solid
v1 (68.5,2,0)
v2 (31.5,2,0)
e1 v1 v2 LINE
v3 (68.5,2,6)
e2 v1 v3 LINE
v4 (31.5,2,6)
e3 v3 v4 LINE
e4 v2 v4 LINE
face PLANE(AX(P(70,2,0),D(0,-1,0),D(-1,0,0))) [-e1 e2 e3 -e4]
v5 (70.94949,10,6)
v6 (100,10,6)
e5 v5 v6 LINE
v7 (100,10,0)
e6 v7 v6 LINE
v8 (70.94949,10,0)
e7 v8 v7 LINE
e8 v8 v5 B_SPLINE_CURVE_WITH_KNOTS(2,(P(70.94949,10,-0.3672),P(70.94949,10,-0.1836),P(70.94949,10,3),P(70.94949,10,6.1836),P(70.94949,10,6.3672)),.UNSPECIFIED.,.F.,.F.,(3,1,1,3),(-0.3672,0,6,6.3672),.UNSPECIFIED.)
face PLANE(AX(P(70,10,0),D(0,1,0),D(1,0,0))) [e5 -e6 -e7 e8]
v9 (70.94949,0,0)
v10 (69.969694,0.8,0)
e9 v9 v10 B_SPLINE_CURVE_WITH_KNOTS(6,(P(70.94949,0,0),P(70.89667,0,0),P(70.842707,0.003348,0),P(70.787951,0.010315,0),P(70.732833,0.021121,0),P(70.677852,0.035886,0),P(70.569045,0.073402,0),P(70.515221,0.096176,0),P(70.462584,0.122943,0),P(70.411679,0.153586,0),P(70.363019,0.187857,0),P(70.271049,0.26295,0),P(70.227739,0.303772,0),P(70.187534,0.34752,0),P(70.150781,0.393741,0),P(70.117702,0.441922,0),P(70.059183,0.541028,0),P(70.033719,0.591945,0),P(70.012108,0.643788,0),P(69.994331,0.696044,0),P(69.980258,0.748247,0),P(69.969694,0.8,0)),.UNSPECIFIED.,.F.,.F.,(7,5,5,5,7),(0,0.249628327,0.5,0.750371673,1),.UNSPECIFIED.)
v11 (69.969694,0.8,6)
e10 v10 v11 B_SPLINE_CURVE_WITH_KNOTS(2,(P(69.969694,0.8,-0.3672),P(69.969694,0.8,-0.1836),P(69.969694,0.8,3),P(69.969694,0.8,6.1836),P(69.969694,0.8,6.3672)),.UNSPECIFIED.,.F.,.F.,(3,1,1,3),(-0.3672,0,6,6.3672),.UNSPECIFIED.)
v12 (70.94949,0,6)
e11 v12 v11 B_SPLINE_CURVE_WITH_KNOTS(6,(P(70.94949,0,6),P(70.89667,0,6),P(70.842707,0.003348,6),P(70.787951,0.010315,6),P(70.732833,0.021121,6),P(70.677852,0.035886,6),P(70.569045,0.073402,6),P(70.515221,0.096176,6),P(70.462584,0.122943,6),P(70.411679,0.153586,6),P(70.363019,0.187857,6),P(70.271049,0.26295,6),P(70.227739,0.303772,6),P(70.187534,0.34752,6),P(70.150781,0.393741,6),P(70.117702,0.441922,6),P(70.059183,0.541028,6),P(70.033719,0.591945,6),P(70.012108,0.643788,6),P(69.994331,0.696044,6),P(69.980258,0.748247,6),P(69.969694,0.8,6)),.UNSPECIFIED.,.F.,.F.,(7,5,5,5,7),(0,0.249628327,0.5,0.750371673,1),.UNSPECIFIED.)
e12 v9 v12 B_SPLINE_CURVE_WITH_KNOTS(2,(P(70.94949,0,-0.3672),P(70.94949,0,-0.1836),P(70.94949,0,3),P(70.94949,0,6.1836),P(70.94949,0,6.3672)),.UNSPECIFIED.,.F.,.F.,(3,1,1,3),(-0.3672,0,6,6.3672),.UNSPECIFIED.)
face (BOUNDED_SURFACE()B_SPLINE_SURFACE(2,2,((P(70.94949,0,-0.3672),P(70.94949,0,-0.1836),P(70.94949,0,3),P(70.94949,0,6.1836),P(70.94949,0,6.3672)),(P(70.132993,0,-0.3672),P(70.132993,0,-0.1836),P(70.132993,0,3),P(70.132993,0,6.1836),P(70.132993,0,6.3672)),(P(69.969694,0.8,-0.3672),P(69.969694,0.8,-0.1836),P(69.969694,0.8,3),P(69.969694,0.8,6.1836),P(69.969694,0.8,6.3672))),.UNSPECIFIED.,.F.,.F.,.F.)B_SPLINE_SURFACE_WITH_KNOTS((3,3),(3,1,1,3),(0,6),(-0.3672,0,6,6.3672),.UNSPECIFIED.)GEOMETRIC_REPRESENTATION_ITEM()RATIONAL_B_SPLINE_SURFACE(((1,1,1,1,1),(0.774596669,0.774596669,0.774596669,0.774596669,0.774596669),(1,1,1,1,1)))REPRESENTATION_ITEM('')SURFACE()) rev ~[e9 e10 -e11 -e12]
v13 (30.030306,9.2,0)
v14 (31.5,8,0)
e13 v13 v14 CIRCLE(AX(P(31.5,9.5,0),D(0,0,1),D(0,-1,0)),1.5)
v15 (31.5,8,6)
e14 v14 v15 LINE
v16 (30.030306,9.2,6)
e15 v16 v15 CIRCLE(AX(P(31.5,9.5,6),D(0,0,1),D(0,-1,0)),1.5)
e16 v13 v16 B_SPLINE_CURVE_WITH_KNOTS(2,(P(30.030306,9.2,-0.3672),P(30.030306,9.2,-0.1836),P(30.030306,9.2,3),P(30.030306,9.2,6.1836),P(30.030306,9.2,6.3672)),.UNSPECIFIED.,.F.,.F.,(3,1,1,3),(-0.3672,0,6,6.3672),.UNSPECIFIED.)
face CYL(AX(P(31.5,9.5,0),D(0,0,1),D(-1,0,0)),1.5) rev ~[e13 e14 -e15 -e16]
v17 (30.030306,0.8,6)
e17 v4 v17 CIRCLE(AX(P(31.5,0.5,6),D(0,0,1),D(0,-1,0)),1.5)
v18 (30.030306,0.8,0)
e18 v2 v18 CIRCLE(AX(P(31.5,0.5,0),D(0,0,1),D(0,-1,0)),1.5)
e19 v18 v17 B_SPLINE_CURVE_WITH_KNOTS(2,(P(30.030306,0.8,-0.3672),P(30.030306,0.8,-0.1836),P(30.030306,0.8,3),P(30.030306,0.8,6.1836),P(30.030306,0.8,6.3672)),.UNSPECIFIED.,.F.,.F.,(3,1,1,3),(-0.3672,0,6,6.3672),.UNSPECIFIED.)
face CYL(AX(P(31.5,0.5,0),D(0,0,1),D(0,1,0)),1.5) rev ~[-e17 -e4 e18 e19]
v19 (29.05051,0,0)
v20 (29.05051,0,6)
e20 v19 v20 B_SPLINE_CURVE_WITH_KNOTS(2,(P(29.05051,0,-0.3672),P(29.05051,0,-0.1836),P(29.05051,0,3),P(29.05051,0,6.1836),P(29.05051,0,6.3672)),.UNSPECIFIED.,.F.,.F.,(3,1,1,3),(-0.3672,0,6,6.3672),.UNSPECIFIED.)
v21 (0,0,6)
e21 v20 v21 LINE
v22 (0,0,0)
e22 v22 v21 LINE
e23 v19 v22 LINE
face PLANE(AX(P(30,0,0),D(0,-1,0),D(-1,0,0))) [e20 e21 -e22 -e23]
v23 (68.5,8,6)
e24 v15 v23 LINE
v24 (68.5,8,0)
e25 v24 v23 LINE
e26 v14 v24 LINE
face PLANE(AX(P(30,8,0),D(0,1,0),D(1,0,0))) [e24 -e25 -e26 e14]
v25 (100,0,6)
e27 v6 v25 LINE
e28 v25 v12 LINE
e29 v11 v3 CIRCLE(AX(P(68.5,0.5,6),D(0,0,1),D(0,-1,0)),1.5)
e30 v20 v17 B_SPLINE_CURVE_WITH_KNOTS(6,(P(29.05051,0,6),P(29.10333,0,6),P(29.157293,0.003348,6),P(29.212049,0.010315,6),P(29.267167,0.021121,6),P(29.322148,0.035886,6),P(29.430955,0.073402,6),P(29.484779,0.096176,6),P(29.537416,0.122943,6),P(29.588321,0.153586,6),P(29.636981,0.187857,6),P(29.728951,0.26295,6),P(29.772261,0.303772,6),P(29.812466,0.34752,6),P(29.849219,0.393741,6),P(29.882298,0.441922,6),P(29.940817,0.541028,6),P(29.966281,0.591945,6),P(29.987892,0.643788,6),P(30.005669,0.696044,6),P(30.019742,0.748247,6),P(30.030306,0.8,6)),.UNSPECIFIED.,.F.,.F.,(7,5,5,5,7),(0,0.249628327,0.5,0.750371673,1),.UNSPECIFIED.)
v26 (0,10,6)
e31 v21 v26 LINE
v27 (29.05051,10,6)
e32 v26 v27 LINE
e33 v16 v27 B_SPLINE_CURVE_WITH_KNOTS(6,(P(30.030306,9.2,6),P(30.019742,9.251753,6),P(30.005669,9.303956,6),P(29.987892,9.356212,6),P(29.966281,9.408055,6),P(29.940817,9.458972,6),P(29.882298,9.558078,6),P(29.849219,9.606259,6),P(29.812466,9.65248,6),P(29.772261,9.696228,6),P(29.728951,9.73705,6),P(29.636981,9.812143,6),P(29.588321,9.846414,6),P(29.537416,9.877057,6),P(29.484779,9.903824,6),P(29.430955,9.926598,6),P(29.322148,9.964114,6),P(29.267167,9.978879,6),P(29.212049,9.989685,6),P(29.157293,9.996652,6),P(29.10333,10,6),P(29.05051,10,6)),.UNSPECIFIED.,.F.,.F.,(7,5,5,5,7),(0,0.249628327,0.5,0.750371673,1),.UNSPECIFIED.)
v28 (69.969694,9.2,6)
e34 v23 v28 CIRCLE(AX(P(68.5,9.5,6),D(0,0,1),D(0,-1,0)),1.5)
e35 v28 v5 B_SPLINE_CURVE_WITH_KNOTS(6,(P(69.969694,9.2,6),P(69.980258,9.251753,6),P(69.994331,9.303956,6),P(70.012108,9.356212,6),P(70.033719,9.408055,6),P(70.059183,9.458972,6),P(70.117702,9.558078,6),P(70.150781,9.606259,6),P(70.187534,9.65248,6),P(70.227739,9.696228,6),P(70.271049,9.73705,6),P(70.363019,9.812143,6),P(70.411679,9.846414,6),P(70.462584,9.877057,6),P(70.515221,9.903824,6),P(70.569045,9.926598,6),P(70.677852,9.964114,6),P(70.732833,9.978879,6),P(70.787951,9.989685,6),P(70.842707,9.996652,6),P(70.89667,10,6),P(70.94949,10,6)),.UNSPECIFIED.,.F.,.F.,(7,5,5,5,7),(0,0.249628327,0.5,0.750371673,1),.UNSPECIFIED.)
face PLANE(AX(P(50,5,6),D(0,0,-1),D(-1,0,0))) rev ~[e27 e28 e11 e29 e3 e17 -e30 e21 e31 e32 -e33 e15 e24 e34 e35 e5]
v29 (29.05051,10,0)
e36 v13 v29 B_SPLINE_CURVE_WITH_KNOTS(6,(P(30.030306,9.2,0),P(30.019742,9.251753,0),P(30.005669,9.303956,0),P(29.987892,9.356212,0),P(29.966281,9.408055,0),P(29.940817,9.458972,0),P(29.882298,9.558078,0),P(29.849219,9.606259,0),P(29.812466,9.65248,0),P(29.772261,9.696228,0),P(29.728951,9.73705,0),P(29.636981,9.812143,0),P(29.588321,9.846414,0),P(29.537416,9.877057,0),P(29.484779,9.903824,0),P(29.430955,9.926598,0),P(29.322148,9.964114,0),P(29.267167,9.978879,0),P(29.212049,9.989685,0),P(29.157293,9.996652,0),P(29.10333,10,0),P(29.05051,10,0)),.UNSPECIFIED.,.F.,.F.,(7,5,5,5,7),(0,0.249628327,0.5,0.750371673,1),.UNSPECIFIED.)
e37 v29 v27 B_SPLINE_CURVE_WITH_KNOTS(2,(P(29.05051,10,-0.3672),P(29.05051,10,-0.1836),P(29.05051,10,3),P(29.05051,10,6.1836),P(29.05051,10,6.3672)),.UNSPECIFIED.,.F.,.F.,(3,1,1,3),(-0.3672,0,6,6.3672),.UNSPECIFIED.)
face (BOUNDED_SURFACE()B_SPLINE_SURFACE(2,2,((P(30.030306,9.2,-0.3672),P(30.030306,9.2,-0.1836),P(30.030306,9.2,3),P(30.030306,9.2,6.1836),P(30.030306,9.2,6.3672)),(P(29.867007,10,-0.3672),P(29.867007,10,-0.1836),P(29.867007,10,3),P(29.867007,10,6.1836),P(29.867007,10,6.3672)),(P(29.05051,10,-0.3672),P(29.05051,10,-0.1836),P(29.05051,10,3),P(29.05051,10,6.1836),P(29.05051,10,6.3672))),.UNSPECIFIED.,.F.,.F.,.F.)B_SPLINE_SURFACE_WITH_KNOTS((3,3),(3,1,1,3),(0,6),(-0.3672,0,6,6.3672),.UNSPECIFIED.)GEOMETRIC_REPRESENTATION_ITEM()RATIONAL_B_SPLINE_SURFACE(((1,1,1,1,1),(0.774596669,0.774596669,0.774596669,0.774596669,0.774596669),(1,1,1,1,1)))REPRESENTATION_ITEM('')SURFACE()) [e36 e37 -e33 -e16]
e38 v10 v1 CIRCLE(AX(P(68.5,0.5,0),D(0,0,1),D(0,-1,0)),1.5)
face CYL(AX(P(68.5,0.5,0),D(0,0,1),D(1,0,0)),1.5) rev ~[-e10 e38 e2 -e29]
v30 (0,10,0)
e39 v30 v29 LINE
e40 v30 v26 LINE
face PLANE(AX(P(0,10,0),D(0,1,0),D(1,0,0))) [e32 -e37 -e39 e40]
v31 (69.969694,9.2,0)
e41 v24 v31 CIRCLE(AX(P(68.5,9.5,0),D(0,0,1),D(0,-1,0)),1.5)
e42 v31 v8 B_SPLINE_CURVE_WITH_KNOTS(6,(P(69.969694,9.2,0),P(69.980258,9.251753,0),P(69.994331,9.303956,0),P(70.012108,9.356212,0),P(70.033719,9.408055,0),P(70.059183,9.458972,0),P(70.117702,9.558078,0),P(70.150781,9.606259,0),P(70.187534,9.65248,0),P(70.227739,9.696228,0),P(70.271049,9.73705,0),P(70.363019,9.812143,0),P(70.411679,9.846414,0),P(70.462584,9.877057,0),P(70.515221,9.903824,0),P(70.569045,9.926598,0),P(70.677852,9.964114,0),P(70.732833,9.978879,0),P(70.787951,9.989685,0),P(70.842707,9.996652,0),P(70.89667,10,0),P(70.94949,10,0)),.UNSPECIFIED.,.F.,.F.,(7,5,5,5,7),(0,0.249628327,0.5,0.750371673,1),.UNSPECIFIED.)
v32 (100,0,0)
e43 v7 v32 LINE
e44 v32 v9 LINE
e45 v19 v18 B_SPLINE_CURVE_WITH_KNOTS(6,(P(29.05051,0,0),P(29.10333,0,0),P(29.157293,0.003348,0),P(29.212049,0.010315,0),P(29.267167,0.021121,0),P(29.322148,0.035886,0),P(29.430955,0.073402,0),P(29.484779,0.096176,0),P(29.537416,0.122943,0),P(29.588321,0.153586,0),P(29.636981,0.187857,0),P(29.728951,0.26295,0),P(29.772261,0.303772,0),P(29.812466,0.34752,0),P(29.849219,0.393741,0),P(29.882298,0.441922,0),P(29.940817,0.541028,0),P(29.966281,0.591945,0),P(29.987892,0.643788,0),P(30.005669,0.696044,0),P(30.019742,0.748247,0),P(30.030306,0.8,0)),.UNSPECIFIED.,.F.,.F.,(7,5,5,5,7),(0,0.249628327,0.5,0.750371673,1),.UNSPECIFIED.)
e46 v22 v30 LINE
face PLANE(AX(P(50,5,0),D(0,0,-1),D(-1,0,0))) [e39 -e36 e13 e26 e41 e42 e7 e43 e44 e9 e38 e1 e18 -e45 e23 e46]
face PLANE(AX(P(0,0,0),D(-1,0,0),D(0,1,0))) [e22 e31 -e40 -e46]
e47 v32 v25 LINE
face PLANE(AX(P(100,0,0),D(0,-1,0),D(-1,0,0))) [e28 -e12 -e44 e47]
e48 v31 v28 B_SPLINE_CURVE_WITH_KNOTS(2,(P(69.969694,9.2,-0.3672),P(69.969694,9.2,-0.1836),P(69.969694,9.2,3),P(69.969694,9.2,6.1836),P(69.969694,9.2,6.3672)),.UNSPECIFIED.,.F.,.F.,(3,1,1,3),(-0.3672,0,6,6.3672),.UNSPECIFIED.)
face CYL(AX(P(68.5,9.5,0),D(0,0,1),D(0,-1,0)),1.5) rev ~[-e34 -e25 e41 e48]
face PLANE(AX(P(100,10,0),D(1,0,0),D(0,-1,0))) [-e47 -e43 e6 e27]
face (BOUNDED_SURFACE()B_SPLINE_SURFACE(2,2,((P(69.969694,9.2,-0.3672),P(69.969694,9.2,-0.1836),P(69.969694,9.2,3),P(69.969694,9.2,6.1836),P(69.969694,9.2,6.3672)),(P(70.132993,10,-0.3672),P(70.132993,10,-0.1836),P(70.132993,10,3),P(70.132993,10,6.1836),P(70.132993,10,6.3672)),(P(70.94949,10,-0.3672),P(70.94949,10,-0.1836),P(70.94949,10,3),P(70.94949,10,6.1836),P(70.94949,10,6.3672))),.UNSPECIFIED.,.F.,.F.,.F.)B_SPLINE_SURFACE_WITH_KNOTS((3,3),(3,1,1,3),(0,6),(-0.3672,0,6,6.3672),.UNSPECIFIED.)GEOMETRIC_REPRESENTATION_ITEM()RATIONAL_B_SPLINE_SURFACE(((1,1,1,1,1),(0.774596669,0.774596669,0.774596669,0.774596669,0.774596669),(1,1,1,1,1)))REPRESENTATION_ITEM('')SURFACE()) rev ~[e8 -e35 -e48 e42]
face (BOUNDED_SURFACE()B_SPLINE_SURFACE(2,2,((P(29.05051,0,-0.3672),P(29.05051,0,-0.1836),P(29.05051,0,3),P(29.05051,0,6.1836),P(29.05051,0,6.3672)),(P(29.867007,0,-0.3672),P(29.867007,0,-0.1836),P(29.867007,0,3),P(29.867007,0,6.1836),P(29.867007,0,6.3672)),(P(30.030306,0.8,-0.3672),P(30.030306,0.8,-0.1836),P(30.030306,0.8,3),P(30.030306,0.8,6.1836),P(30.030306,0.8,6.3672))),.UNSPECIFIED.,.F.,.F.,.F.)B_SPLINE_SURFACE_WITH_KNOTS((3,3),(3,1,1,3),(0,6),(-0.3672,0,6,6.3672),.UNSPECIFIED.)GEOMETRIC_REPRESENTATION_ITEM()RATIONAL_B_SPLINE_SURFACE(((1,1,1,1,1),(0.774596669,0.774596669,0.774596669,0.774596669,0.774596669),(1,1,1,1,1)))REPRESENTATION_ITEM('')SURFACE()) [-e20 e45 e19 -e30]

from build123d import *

# Parameters (mm, degrees)
PAD_DEPTH   = 6
FILLET_R    = 1.5
FILLET001_R = 1


with BuildPart() as part:
    # Sketch → Pad (new body)
    with BuildSketch(Plane.XY):
        Polygon((0, 0), (0, 10), (30, 10), (30, 8), (70, 8), (70, 10), (100, 10), (100, 0), (70, 0), (70, 2), (30, 2), (30, 0), align=None)
    extrude(amount=PAD_DEPTH)

    # Fillet
    fillet_edges = [part.edges().sort_by_distance(p)[0] for p in [
        (70, 8, 3),
        (70, 2, 3),
        (30, 2, 3),
        (30, 8, 3),
    ]]
    fillet(fillet_edges, radius=FILLET_R)

    # Fillet001
    fillet001_edges = [part.edges().sort_by_distance(p)[0] for p in [
        (30, 10, 3),
        (30, 0, 3),
        (70, 0, 3),
        (70, 10, 3),
    ]]
    fillet(fillet001_edges, radius=FILLET001_R)


solid = part.part
